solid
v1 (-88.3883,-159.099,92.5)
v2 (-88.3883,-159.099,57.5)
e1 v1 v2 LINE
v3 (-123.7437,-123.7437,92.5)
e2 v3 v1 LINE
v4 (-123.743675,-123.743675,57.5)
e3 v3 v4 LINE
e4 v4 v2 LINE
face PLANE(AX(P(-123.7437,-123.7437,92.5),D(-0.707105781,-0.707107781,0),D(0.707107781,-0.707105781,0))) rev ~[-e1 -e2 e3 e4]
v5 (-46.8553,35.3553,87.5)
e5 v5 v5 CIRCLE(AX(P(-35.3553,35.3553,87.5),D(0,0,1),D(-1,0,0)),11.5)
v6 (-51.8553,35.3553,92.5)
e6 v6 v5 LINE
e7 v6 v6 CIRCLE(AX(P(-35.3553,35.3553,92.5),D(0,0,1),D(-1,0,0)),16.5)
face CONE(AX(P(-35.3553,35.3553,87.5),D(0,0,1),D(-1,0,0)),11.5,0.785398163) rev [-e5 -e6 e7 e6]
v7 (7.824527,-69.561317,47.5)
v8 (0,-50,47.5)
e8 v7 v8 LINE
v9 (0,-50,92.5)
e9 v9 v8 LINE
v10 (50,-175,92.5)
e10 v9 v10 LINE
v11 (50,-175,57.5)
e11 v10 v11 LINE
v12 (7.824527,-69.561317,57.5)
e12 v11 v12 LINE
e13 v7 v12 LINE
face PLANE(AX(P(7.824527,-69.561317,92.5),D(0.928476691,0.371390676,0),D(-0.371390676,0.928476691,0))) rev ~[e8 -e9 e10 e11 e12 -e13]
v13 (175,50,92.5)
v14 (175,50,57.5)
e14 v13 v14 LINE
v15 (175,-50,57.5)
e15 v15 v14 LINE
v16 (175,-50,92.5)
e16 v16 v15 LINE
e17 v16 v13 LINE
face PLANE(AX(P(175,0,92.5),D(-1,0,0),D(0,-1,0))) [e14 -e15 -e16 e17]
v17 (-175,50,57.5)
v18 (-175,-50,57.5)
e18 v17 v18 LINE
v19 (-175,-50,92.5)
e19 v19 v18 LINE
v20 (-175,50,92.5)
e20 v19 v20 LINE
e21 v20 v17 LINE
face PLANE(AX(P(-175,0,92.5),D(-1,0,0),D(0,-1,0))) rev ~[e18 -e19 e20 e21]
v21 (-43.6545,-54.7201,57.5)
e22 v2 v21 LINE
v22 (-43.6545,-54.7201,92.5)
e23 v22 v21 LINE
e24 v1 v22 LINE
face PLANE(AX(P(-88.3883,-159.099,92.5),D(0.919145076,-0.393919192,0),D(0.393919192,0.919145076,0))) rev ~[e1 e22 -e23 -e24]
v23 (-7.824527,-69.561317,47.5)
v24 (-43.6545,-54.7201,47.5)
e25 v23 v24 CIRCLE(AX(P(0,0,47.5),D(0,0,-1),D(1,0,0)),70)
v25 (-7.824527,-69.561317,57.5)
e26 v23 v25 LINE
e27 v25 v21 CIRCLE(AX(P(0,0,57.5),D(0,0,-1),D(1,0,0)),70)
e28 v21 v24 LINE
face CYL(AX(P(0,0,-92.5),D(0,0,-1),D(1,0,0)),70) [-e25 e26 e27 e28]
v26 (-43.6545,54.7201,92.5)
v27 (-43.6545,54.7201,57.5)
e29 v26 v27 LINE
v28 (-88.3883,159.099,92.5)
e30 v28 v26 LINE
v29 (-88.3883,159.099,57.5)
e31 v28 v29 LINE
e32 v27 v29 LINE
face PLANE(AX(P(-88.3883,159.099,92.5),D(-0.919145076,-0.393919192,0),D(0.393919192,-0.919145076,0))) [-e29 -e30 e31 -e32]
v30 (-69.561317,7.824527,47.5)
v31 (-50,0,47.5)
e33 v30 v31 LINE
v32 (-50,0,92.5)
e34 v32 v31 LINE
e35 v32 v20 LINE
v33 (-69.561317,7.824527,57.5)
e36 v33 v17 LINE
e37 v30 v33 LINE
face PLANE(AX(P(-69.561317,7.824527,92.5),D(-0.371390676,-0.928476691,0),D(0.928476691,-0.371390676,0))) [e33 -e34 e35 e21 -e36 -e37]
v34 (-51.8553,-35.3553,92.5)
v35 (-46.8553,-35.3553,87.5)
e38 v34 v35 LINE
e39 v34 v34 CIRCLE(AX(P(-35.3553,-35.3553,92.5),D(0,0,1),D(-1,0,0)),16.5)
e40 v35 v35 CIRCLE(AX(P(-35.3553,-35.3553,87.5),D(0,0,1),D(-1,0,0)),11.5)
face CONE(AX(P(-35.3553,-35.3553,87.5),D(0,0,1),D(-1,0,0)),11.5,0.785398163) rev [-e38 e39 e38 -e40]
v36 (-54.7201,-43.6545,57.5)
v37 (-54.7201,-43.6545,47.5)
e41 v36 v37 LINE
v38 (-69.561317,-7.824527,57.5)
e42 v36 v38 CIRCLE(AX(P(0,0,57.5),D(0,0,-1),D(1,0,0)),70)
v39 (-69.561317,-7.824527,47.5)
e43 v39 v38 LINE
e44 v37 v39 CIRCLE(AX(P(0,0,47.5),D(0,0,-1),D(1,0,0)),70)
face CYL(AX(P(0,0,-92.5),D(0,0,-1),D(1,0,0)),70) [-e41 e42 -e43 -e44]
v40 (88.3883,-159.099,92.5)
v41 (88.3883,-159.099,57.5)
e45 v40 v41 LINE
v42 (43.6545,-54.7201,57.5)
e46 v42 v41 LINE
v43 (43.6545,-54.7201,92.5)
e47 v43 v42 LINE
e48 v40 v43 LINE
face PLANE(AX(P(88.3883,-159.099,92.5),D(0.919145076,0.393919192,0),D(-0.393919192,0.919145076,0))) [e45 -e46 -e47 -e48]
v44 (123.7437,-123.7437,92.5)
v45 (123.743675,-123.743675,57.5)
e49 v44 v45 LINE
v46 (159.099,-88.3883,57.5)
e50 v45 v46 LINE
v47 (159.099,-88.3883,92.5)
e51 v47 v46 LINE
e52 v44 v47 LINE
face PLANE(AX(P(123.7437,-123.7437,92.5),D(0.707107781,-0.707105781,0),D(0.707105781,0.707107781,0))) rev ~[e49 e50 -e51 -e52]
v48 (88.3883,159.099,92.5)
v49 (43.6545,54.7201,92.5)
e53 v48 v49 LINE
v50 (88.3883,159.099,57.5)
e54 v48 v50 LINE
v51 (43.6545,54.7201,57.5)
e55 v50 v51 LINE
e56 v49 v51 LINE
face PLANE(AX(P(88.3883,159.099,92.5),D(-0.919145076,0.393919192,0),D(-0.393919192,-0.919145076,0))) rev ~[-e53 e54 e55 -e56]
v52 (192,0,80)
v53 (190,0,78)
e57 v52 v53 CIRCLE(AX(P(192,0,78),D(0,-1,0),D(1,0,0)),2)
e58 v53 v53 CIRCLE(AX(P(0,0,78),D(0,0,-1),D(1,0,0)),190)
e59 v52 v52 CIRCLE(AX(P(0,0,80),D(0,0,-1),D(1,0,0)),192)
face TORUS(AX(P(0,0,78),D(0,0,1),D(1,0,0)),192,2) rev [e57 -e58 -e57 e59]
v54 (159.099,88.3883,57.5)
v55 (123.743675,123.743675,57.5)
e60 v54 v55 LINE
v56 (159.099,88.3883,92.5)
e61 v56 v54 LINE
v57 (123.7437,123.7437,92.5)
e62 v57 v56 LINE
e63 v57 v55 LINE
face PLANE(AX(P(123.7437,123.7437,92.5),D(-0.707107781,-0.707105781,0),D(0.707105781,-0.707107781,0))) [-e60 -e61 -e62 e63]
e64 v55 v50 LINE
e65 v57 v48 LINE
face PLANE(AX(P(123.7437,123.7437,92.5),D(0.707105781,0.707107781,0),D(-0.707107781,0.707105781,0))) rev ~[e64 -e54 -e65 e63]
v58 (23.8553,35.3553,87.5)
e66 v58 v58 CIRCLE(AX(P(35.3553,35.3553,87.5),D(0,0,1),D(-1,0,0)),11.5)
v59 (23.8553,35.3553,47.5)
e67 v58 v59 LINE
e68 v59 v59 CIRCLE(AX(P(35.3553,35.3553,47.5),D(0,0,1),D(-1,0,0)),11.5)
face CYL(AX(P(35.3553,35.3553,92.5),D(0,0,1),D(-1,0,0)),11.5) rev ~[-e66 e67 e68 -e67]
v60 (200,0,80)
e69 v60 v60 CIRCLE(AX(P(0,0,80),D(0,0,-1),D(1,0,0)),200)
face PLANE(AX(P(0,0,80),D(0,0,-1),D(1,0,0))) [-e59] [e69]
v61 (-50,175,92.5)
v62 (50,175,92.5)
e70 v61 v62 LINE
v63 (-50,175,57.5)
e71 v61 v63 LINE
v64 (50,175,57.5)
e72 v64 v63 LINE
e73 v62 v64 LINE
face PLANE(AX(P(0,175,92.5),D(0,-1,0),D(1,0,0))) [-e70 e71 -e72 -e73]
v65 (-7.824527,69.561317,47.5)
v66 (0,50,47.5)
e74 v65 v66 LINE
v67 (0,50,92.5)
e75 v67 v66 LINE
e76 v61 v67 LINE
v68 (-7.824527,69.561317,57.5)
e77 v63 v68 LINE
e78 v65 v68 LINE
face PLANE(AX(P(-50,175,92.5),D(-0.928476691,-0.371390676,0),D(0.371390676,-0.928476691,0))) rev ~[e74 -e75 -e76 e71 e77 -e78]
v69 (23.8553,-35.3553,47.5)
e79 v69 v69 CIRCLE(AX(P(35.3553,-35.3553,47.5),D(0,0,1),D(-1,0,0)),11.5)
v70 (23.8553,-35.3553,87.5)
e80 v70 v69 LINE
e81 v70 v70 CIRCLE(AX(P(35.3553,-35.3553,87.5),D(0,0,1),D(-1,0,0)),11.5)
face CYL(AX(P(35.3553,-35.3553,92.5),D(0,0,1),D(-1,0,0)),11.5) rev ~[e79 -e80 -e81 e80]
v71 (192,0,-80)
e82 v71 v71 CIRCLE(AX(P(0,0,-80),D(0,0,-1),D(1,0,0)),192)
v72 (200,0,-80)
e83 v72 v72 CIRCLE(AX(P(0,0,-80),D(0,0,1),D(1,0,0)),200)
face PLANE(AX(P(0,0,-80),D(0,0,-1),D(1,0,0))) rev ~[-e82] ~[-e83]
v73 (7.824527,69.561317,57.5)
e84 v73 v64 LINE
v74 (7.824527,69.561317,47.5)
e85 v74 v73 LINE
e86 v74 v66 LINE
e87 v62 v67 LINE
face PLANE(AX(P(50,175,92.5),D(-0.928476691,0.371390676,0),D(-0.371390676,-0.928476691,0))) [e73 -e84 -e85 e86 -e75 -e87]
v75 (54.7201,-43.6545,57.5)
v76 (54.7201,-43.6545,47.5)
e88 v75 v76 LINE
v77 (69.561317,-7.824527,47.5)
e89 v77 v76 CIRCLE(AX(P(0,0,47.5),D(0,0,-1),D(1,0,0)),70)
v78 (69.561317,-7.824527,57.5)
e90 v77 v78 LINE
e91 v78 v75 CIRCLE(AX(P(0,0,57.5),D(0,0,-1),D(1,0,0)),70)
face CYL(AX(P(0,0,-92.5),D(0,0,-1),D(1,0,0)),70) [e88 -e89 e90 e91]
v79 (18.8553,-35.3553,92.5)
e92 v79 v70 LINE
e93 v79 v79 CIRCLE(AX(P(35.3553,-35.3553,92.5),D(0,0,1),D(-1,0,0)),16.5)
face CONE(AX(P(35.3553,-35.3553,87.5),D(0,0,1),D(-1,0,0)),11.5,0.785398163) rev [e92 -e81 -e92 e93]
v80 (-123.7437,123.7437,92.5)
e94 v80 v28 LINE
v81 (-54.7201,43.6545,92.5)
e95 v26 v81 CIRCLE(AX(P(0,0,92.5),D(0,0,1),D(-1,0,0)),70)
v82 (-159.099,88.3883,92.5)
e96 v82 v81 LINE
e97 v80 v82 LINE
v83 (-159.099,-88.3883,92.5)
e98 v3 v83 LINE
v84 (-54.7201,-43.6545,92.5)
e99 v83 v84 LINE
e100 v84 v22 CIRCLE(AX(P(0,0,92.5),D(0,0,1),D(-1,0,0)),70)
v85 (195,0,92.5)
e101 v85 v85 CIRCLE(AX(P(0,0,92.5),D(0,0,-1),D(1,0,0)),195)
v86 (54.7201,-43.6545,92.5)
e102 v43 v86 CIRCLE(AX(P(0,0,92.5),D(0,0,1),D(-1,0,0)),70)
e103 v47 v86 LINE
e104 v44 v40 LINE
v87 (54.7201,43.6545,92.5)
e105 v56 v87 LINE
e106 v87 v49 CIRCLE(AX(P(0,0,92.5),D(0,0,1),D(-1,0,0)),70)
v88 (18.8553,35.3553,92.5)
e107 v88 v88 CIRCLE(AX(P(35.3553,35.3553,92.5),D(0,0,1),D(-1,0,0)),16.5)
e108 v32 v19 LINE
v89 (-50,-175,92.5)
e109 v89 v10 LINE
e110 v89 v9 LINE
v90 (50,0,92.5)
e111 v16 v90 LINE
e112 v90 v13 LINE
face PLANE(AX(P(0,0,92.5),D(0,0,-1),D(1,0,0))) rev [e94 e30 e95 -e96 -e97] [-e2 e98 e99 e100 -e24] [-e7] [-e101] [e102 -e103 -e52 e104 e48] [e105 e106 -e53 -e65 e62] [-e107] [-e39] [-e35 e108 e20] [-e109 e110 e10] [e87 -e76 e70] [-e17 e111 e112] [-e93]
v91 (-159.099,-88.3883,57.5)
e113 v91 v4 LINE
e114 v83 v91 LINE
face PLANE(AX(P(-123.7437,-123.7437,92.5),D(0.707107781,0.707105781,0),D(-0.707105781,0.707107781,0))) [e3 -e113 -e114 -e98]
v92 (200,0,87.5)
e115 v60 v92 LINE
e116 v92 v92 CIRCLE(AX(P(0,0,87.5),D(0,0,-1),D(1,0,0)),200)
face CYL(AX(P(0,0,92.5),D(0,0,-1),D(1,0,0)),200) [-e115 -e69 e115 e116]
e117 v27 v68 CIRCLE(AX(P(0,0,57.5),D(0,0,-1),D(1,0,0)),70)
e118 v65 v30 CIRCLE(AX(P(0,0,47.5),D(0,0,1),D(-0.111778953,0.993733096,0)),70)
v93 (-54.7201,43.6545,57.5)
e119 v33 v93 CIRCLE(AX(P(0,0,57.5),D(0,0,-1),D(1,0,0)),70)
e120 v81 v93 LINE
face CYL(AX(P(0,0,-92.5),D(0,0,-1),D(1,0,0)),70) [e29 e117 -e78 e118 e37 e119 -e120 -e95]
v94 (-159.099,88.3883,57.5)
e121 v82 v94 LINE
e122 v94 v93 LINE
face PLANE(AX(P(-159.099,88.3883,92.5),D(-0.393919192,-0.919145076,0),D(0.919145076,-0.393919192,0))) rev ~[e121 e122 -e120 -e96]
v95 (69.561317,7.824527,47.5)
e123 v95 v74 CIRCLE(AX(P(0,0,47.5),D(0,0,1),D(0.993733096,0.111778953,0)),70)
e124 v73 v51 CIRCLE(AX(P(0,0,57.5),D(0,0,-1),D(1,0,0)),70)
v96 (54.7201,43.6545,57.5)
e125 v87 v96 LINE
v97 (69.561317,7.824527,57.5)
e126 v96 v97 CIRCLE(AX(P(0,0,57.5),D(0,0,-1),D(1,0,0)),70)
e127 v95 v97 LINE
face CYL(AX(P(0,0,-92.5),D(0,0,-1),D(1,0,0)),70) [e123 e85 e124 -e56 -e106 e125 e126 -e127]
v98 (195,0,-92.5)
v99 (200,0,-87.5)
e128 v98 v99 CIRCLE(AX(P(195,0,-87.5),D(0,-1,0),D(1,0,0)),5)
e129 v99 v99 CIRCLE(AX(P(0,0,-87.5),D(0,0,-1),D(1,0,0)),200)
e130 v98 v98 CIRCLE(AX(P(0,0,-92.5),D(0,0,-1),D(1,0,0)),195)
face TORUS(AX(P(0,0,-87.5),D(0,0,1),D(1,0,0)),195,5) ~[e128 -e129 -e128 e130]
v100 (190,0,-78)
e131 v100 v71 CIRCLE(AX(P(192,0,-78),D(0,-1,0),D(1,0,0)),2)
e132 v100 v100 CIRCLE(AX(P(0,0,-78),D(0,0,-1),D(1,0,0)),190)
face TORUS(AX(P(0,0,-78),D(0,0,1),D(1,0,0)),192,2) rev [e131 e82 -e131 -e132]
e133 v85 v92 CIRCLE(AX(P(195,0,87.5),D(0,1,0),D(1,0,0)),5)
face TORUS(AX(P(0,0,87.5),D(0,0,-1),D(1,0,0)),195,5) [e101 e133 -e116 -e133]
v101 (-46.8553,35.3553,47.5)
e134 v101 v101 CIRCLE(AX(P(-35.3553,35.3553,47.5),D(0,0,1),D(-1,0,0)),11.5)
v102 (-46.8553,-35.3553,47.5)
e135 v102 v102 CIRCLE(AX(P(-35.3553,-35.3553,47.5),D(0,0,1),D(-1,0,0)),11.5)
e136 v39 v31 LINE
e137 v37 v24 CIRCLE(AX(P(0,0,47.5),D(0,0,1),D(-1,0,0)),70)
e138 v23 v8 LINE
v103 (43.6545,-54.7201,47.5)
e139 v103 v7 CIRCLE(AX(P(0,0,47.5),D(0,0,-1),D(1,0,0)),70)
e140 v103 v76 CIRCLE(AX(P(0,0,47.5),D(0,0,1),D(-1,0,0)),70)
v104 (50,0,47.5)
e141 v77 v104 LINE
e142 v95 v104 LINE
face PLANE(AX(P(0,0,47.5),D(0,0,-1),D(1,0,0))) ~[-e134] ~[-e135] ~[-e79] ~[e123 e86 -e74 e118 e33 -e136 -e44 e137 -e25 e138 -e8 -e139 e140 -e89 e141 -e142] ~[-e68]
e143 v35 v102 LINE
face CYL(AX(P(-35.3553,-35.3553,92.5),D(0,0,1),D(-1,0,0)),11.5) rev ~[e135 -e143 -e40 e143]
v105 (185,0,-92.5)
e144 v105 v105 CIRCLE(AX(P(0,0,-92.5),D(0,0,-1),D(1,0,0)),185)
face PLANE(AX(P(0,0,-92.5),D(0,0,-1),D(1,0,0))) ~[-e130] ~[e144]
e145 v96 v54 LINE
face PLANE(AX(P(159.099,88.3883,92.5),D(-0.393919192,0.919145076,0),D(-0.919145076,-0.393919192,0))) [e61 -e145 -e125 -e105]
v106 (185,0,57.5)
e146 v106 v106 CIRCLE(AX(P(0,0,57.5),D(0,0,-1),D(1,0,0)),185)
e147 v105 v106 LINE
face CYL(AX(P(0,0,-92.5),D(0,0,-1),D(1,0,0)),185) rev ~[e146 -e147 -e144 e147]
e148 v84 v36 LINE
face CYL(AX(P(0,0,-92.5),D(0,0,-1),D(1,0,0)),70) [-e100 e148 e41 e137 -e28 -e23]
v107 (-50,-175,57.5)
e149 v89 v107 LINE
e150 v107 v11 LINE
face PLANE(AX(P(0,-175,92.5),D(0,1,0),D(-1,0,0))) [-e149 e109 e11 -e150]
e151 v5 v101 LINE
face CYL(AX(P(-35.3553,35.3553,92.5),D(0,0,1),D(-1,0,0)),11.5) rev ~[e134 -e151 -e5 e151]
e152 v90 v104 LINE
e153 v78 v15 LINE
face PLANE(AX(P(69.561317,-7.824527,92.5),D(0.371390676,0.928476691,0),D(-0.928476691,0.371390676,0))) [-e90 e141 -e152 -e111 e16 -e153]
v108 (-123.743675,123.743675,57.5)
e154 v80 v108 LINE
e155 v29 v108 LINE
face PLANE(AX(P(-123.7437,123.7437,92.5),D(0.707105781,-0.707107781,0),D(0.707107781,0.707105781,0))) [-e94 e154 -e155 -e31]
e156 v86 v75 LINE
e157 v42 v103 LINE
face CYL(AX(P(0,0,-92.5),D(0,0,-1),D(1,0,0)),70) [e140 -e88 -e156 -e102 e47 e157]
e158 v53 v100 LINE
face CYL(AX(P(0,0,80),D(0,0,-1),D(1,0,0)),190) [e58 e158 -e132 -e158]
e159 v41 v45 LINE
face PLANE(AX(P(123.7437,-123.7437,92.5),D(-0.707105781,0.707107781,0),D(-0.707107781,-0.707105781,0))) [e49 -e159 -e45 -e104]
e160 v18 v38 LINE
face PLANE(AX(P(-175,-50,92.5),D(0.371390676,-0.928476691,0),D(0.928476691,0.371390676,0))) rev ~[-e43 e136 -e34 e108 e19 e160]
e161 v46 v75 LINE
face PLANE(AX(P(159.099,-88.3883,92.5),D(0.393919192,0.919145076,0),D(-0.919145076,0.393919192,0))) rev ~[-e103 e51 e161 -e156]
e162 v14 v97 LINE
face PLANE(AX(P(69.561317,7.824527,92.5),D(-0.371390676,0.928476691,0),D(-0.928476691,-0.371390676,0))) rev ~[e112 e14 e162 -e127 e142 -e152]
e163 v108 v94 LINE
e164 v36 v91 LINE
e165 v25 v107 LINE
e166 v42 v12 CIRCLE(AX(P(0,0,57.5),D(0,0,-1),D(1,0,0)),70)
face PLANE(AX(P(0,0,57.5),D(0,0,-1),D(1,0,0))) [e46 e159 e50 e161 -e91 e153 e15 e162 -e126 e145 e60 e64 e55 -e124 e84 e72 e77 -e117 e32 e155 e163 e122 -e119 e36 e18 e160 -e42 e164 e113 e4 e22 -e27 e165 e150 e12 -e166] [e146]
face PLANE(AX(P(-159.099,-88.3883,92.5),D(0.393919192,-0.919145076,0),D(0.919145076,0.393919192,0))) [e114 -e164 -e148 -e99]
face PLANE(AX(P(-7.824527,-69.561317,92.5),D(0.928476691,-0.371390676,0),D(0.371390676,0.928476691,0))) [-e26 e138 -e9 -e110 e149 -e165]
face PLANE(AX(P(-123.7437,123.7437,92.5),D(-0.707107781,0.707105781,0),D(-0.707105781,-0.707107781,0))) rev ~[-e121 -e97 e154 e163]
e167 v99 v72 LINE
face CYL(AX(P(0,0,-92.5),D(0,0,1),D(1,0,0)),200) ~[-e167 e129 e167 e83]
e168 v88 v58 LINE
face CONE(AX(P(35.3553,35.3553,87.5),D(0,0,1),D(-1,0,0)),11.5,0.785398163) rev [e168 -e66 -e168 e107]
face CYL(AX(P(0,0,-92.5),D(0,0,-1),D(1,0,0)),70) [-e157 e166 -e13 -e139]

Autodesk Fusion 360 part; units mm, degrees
sketch "Sketch1" plane through (0, 0, 0) normal (0, 1, 0) x (1, 0, 0)
  line L0 (0, 0) -> (190, 0)
  line L1 (0, 0) -> (0, -92.5)
  line L2 (0, -92.5) -> (200, -92.5)
  line L3 (200, -92.5) -> (200, -80)
  line L4 (200, -80) -> (190, -80)
  line L5 (190, -80) -> (190, 0)
  line L6 (190, 80) -> (190, 0)
  line L7 (200, 80) -> (190, 80)
  line L8 (200, 92.5) -> (200, 80)
  line L9 (0, 92.5) -> (200, 92.5)
  line L10 (0, 0) -> (0, 92.5)
  dimension "d3" = 92.5
  dimension "d4" = 200
  dimension "d5" = 12.5
  dimension "d6" = 10
revolve "Revolve1" add sketch "Sketch1" angle 360 about axis through (0, 0, 0) along (0, 0, -1)
sketch "Sketch2" plane through (0, 0, 92.5) normal (0, 0, 1) x (-1, 0, 0)
  circle A0 centre (0, 0) radius 200
  circle A1 centre (35.3553, -35.3553) radius 11.5
  circle A2 centre (35.3553, 35.3553) radius 11.5
  circle A3 centre (-35.3553, 35.3553) radius 11.5
  circle A4 centre (-35.3553, -35.3553) radius 11.5
  dimension "d11" = 23
  dimension "d13" = 360
  dimension "d14" = 100
extrude "Extrude1" cut sketch "Sketch2" against normal through all contours A1 | A2 | A3 | A4
sketch "Sketch3" plane through (0, 0, 92.5) normal (0, 0, 1) x (-1, 0, 0)
  circle A0 centre (35.3553, 35.3553) radius 11.5
  circle A1 centre (-35.3553, 35.3553) radius 11.5
  circle A2 centre (35.3553, -35.3553) radius 11.5
  circle A3 centre (-35.3553, -35.3553) radius 11.5
  circle A4 centre (0, 0) radius 200
  line L0 (0, -175) -> (50, -175)
  line L1 (0, -175) -> (-50, -175)
  line L2 (-50, -175) -> (0, -50)
  line L3 (50, -175) -> (0, -50)
  line L4 (88.3883, -159.099) -> (43.6545, -54.7201)
  line L5 (123.7437, -123.7437) -> (88.3883, -159.099)
  line L6 (123.7437, -123.7437) -> (159.099, -88.3883)
  line L7 (159.099, -88.3883) -> (54.7201, -43.6545)
  line L8 (175, -50) -> (50, 0)
  line L9 (175, 0) -> (175, -50)
  line L10 (175, 0) -> (175, 50)
  line L11 (175, 50) -> (50, 0)
  line L12 (159.099, 88.3883) -> (54.7201, 43.6545)
  line L13 (123.7437, 123.7437) -> (159.099, 88.3883)
  line L14 (123.7437, 123.7437) -> (88.3883, 159.099)
  line L15 (88.3883, 159.099) -> (43.6545, 54.7201)
  line L16 (50, 175) -> (0, 50)
  line L17 (0, 175) -> (50, 175)
  line L18 (0, 175) -> (-50, 175)
  line L19 (-50, 175) -> (0, 50)
  line L20 (-123.7437, 123.7437) -> (-88.3883, 159.099)
  line L21 (-123.7437, 123.7437) -> (-159.099, 88.3883)
  line L22 (-175, 50) -> (-50, 0)
  line L23 (-175, 0) -> (-175, 50)
  line L24 (-175, 0) -> (-175, -50)
  line L25 (-175, -50) -> (-50, 0)
  line L26 (-159.099, -88.3883) -> (-54.7201, -43.6545)
  line L27 (-123.7437, -123.7437) -> (-159.099, -88.3883)
  line L28 (-123.7437, -123.7437) -> (-88.3883, -159.099)
  line L29 (-88.3883, -159.099) -> (-43.6545, -54.7201)
  circle A5 centre (0, 0) radius 70
  line L30 (-88.3883, 159.099) -> (-43.6545, 54.7201)
  line L31 (-159.099, 88.3883) -> (-54.7201, 43.6545)
  dimension "d18" = 50
  dimension "d19" = 125
  dimension "d20" = 50
  dimension "d23" = 140
extrude "Extrude2" cut sketch "Sketch3" against normal through all contours L0 L1 L2 L3 A5 | L2 L3 A5 | L4 L5 L6 L7 A5 | L26 L27 L28 L29 A5 | L8 L9 L10 L11 A5 | L8 L11 A5 | L22 L25 A5 | L22 L23 L24 L25 A5 | L20 L21 A5 L30 L31 | L12 L13 L14 L15 A5 | L16 L19 A5 | L16 L17 L18 L19 A5
sketch "Sketch4" plane through (0, 0, -92.5) normal (0, 0, -1) x (1, 0, 0)
  line L0 (-50, 175) -> (50, 175)
  line L1 (50, 175) -> (0, 50)
  line L2 (0, 50) -> (-50, 175)
  line L3 (50, -175) -> (-50, -175)
  line L4 (-50, -175) -> (0, -50)
  line L5 (0, -50) -> (50, -175)
  line L6 (54.7201, -43.6545) -> (159.099, -88.3883)
  line L7 (159.099, -88.3883) -> (88.3883, -159.099)
  line L8 (88.3883, -159.099) -> (43.6545, -54.7201)
  arc A0 (43.6545, -54.7201) -> (54.7201, -43.6545) centre (0, 0) ccw
  line L9 (-54.7201, 43.6545) -> (-159.099, 88.3883)
  line L10 (-159.099, 88.3883) -> (-88.3883, 159.099)
  line L11 (-88.3883, 159.099) -> (-43.6545, 54.7201)
  arc A1 (-43.6545, 54.7201) -> (-54.7201, 43.6545) centre (0, 0) ccw
  line L12 (43.6545, 54.7201) -> (88.3883, 159.099)
  line L13 (88.3883, 159.099) -> (159.099, 88.3883)
  line L14 (159.099, 88.3883) -> (54.7201, 43.6545)
  arc A2 (54.7201, 43.6545) -> (43.6545, 54.7201) centre (0, 0) ccw
  line L15 (-43.6545, -54.7201) -> (-88.3883, -159.099)
  line L16 (-88.3883, -159.099) -> (-159.099, -88.3883)
  line L17 (-159.099, -88.3883) -> (-54.7201, -43.6545)
  arc A3 (-54.7201, -43.6545) -> (-43.6545, -54.7201) centre (0, 0) ccw
  line L18 (175, 50) -> (175, -50)
  line L19 (175, -50) -> (50, 0)
  line L20 (50, 0) -> (175, 50)
  line L21 (-175, -50) -> (-175, 50)
  line L22 (-175, 50) -> (-50, 0)
  line L23 (-50, 0) -> (-175, -50)
  circle A4 centre (-35.3553, 35.3553) radius 11.5
  circle A5 centre (35.3553, 35.3553) radius 11.5
  circle A6 centre (-35.3553, -35.3553) radius 11.5
  circle A7 centre (35.3553, -35.3553) radius 11.5
  circle A8 centre (0, 0) radius 200
  circle A9 centre (0, 0) radius 70
  circle A10 centre (0, 0) radius 185
  dimension "d25" = 140
  dimension "d26" = 370
extrude "Extrude3" cut sketch "Sketch4" against normal blind 150 contours A10
extrude "Extrude4" cut 1 faces at (-8.9751, 9.1778, -92.5) along direction (0, 0, 1) blind 140
fillet "Fillet1" radius 5 2 edges at (-186.4655, -72.3231, 92.5) (-186.4655, -72.3231, -92.5)
fillet "Fillet2" radius 5 2 edges at (-186.4655, -72.3231, 80) (-186.4655, -72.3231, -80)
chamfer "Chamfer1" distance 5 angle 45 4 edges at (-24.6336, -39.5139, 92.5) (-24.6336, 31.1968, 92.5) (46.0771, 31.1968, 92.5) (46.0771, -39.5139, 92.5)
delete_face "DeleteFace1" 1 faces at (-91.1408, -177.7767, -83.5262)
fillet "Fillet3" radius 2 2 edges at (-177.1422, -68.7069, 80) (-177.1422, -68.7069, -80)
delete_face "DeleteFace2" 1 faces at (-91.1408, -177.7767, 83.5262)
